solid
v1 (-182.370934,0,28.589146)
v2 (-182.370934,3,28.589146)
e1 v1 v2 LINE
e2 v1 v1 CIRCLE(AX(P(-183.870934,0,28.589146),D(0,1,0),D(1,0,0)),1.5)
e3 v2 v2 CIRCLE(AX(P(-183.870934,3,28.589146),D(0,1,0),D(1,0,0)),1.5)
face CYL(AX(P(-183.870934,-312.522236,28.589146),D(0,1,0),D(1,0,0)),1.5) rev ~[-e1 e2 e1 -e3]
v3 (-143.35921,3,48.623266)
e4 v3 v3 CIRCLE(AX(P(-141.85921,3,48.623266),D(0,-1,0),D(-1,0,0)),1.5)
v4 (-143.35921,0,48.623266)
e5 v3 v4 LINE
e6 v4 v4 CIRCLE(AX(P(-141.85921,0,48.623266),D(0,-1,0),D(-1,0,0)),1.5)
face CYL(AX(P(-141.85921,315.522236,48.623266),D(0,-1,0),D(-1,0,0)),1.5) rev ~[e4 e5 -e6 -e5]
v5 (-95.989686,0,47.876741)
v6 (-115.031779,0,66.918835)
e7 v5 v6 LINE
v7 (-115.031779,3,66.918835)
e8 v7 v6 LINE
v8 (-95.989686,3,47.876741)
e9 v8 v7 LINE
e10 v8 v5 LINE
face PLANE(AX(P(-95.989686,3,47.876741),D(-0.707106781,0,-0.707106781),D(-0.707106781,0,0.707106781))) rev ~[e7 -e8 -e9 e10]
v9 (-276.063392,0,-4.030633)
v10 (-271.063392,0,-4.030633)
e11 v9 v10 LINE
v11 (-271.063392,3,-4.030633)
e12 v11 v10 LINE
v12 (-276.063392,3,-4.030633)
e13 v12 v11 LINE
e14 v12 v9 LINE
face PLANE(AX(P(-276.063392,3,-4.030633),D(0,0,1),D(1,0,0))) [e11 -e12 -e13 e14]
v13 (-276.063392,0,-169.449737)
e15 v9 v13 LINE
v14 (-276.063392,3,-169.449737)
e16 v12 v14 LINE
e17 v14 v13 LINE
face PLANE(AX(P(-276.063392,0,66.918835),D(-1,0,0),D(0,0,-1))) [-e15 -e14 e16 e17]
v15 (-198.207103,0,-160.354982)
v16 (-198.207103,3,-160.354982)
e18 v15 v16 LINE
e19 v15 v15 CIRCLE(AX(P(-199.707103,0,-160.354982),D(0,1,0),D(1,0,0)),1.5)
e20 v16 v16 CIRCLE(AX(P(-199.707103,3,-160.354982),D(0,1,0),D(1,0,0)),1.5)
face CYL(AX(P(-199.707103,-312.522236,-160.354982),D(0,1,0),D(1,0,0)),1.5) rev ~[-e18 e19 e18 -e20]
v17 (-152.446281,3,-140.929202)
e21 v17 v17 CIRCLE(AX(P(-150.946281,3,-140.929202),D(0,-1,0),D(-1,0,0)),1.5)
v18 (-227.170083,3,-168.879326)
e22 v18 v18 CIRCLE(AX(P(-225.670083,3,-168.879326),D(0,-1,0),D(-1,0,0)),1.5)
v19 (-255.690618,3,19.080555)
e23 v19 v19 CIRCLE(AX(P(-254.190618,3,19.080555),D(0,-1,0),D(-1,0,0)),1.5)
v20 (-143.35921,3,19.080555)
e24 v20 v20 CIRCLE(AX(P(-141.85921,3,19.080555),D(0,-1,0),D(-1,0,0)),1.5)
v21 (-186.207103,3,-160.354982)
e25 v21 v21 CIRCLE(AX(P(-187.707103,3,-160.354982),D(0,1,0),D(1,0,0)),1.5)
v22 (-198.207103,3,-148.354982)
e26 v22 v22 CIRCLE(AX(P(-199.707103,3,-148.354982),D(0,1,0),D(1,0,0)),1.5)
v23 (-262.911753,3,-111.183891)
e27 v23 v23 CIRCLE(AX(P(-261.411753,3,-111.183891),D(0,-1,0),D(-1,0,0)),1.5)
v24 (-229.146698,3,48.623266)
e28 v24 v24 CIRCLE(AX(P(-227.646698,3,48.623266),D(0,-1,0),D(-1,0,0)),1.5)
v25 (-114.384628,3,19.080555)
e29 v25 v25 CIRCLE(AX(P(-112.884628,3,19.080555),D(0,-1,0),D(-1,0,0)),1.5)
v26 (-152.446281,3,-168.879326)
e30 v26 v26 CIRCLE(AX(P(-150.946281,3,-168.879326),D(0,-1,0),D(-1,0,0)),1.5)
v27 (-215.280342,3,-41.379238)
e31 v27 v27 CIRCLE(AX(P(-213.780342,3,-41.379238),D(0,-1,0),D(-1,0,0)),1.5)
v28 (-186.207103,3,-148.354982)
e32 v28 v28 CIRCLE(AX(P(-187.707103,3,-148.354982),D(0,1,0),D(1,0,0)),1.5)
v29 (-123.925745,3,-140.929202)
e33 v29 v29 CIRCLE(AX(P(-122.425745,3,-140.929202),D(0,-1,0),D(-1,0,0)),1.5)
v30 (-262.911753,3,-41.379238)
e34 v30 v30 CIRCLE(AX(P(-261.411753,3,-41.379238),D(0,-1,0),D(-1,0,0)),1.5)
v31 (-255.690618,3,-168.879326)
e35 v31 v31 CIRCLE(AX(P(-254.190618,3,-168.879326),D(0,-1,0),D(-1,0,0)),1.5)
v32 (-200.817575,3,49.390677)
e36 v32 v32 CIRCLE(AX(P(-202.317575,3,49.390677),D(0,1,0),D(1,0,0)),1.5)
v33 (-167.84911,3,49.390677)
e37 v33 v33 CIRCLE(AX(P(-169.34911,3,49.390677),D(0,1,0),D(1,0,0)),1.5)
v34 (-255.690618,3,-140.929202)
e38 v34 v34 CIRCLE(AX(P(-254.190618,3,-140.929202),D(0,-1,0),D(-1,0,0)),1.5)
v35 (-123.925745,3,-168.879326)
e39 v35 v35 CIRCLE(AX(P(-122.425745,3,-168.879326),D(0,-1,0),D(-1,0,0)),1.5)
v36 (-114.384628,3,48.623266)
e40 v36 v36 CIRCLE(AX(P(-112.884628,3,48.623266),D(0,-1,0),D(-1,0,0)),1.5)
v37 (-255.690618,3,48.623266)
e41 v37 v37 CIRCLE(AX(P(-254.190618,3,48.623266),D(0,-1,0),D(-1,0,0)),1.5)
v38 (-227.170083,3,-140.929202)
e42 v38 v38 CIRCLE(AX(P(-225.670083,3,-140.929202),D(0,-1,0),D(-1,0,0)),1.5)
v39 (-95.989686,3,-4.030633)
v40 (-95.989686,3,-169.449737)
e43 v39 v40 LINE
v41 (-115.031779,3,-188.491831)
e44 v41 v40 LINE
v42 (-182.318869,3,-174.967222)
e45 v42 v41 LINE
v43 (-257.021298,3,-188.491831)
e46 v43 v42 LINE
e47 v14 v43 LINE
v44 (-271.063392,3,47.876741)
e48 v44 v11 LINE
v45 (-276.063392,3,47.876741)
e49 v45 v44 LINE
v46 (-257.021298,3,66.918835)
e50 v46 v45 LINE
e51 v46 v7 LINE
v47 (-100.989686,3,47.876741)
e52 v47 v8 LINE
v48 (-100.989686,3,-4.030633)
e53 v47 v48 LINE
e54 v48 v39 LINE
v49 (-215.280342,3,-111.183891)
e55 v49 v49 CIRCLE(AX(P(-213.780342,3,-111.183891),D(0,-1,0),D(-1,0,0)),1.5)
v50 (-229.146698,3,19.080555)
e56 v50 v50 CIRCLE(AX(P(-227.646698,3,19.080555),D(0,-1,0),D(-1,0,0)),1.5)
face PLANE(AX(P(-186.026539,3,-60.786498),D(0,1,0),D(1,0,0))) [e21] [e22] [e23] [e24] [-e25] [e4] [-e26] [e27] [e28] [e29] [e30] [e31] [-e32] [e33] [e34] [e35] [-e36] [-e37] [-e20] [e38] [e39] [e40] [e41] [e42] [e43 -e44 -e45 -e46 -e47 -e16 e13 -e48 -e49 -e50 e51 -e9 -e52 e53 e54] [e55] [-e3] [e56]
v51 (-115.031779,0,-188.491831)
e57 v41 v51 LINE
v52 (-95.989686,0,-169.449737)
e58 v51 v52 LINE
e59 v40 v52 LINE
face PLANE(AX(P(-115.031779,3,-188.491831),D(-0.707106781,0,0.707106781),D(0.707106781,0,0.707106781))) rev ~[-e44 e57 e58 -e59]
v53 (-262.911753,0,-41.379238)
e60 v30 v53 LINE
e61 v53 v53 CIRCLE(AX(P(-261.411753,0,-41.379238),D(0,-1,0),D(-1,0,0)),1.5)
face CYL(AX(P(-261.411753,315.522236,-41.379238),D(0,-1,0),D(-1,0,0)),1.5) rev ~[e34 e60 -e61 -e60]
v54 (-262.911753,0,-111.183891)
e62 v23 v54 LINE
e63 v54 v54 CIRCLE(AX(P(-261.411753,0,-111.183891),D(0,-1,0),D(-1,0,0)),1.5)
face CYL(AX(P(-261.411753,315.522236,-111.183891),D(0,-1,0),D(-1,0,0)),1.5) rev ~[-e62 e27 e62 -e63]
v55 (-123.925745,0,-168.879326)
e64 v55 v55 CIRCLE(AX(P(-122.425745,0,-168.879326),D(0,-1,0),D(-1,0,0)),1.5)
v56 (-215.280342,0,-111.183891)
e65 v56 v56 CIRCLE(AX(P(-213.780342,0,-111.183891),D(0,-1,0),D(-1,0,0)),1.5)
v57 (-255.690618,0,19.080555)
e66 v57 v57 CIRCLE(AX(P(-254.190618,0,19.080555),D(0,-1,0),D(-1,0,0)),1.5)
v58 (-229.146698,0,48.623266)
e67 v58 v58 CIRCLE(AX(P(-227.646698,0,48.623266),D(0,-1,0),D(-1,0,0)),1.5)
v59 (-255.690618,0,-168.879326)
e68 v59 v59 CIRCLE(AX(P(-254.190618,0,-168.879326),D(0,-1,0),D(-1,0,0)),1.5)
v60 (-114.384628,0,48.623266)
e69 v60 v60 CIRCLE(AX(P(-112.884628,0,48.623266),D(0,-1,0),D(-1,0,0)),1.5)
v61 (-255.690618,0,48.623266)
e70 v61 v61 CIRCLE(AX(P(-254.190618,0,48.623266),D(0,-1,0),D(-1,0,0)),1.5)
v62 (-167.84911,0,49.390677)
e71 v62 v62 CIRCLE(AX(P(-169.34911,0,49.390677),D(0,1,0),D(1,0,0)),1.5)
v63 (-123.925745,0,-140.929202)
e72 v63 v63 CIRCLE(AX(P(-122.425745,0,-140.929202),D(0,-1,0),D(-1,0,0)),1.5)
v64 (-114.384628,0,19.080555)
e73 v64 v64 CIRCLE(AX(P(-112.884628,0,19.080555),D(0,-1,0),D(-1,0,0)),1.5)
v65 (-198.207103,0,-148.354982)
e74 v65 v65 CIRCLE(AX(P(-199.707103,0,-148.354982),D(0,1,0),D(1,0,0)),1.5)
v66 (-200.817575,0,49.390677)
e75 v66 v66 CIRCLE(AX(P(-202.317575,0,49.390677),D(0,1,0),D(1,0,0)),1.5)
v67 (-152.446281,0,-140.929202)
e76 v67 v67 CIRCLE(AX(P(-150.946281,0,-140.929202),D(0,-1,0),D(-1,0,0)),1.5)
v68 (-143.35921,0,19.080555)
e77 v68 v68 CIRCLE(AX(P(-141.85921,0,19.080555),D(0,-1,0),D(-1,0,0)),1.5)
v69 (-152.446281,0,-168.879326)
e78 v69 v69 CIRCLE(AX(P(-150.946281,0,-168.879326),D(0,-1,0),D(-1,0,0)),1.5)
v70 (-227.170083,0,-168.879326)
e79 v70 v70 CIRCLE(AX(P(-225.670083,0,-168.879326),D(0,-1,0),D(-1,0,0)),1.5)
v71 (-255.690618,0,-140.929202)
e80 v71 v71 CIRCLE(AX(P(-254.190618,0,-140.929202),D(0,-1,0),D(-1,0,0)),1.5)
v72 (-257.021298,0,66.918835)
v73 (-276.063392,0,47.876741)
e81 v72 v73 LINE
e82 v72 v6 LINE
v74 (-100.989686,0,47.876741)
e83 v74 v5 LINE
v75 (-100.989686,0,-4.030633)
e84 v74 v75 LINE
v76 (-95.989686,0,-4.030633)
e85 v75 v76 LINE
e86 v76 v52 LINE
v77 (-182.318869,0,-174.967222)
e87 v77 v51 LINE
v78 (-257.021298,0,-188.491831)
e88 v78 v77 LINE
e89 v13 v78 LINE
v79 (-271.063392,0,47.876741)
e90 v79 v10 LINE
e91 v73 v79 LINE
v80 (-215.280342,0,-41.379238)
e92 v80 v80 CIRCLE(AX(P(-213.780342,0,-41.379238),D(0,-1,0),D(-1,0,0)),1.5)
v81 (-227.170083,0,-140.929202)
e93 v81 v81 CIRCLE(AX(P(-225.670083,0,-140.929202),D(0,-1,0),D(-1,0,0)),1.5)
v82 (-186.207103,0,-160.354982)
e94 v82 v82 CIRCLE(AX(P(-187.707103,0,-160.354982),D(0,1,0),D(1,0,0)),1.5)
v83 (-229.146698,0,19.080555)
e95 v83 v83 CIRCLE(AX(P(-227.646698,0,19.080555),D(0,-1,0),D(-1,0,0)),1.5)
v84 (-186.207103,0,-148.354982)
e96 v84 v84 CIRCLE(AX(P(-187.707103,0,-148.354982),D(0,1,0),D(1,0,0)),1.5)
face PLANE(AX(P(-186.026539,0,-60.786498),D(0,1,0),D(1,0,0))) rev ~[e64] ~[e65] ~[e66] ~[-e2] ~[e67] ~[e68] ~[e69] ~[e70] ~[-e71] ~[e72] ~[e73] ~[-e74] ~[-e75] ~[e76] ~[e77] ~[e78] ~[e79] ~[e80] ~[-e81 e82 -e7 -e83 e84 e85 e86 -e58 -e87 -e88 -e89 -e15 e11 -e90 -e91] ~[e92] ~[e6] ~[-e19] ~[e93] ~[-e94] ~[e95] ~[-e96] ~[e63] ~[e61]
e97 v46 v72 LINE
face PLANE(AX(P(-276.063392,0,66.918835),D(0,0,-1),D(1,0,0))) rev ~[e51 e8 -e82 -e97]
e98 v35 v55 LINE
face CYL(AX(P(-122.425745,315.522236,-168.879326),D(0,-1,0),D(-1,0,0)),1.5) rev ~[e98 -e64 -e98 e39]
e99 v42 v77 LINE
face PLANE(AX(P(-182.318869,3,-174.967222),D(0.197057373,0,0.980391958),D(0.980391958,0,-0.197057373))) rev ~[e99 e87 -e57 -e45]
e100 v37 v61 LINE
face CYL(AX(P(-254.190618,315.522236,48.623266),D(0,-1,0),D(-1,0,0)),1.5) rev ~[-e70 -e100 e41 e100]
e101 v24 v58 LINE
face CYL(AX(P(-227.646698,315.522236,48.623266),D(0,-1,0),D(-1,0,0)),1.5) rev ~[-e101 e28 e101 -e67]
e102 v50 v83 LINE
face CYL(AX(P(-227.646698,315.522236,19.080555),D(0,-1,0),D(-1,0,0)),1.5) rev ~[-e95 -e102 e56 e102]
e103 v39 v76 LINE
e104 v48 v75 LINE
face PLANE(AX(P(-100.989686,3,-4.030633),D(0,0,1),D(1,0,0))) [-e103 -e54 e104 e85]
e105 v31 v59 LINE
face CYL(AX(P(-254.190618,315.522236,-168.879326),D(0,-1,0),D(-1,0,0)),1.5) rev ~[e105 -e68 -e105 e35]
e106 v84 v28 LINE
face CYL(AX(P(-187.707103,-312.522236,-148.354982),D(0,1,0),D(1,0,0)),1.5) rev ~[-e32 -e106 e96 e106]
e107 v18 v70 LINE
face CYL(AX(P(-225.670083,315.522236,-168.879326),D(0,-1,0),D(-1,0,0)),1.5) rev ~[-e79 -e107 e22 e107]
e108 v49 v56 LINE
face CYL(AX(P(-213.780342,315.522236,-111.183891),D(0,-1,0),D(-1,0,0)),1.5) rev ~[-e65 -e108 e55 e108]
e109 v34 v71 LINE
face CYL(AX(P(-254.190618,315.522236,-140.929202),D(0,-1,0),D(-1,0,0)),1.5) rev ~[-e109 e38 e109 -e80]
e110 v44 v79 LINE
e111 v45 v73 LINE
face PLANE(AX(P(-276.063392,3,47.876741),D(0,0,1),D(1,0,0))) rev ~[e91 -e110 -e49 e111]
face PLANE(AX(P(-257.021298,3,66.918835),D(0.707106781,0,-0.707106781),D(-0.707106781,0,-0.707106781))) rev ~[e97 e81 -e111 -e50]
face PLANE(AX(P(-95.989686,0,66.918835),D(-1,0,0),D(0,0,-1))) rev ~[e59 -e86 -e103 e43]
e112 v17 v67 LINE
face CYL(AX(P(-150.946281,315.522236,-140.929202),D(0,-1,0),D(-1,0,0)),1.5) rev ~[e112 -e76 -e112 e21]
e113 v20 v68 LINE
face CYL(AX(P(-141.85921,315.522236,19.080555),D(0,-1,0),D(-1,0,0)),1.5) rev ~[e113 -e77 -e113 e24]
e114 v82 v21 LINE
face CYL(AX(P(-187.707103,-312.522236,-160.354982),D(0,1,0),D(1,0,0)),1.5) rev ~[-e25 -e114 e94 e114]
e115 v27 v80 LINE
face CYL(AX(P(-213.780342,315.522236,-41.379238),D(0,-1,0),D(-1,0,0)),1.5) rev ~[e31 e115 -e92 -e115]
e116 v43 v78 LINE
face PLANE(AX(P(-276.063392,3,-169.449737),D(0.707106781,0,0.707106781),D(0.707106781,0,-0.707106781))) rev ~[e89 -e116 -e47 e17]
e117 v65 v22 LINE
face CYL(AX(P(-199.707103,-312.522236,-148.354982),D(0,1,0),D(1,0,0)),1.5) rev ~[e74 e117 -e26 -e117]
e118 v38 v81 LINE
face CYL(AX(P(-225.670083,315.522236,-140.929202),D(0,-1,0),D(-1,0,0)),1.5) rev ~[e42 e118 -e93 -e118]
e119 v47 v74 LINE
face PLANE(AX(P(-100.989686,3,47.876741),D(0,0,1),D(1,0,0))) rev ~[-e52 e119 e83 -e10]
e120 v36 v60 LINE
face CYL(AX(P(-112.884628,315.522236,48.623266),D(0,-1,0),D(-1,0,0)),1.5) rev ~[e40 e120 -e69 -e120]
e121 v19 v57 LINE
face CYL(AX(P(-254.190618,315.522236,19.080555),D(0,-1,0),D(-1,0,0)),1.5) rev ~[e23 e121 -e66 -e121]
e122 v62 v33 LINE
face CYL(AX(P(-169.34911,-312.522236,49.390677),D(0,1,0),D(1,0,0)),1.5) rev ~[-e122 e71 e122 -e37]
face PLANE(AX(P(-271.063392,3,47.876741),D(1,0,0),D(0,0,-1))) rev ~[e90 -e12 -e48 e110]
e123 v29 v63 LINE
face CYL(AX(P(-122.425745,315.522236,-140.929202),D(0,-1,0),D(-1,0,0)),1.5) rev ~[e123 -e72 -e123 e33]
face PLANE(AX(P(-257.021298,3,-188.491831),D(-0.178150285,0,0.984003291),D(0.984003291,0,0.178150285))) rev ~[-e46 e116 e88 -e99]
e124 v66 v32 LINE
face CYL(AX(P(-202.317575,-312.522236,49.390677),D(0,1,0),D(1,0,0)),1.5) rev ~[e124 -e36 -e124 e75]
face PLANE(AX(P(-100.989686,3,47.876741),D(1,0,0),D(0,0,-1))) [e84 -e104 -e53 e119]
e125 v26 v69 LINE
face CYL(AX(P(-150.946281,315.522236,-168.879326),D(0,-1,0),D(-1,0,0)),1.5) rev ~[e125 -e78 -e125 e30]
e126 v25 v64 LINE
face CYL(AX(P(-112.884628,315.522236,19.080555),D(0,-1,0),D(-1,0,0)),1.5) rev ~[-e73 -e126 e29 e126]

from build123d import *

# Parameters (mm, degrees)
SKETCH_2_W          = 180.073706553
SKETCH_2_H          = 255.410665416
EXTRUDE_1_DEPTH     = 3
CUT_EXTRUDE_1_DEPTH = 3
SKETCH_5_W          = 5
SKETCH_5_H          = 51.907374001
CUT_EXTRUDE_2_DEPTH = 3
MM_TRANSITIONAL_1_D = 3
MM_TRANSITIONAL_2_D = 3
MM_1_D              = 3
MM_2_D              = 3
MM_3_D              = 3


with BuildPart() as part:
    # 草图2 → 凸台-拉伸1 (new body)
    with BuildSketch(Plane(origin=(0, 0, 0), x_dir=(1, 0, 0), z_dir=(0, 1, 0))):
        with Locations((-186.026538889, 60.786498031)):
            Rectangle(SKETCH_2_W, SKETCH_2_H)
    extrude(amount=EXTRUDE_1_DEPTH)

    # 草图4 → 切除-拉伸1 (cut)
    with BuildSketch(Plane(origin=(0, 3, 0), x_dir=(1, 0, 0), z_dir=(0, 1, 0))):
        Polygon((-276.063392165, 188.491830739), (-276.063392165, 169.449737011), (-257.021298437, 188.491830739), align=None)
        Polygon((-182.318869317, 174.967222445), (-115.03177934, 188.491830739), (-257.021298437, 188.491830739), align=None)
        Polygon((-95.989685612, -66.918834677), (-95.989685612, -47.876740949), (-115.03177934, -66.918834677), align=None)
        Polygon((-101.507171046, 174.967222445), (-95.989685612, 169.449737011), (-95.989685612, 188.491830739), (-115.03177934, 188.491830739), align=None)
        Polygon((-276.063392165, -66.918834677), (-257.021298437, -66.918834677), (-276.063392165, -47.876740949), align=None)
    extrude(amount=-CUT_EXTRUDE_1_DEPTH, mode=Mode.SUBTRACT)

    # 草图5 → 切除-拉伸2 (cut)
    with BuildSketch(Plane(origin=(0, 3, 0), x_dir=(1, 0, 0), z_dir=(0, 1, 0))):
        with Locations((-273.563392165, -21.923053949)):
            Rectangle(SKETCH_5_W, SKETCH_5_H)
        with Locations((-98.489685612, -21.923053949)):
            Rectangle(SKETCH_5_W, SKETCH_5_H)
    extrude(amount=-CUT_EXTRUDE_2_DEPTH, mode=Mode.SUBTRACT)

    # 大小mm Transitional 暗销孔1 (through all)
    with Locations(Plane(origin=(0, 3, 0), x_dir=(1, 0, 0), z_dir=(0, 1, 0))):
        with Locations((-254.190617934, 168.879326308), (-254.190617934, 140.929201846), (-225.670082768, 168.879326308), (-225.670082768, 140.929201846), (-150.946280635, 168.879326308), (-150.946280635, 140.929201846)):
            Hole(MM_TRANSITIONAL_1_D / 2)

    # 大小mm Transitional 暗销孔2 (through all)
    with Locations(Plane(origin=(0, 3, 0), x_dir=(1, 0, 0), z_dir=(0, 1, 0))):
        with Locations((-122.425745469, 168.879326308), (-122.425745469, 140.929201846), (-254.190617934, -19.080554812), (-254.190617934, -48.623265957), (-227.646698458, -19.080554812), (-227.646698458, -48.623265957), (-141.859210323, -19.080554812), (-141.859210323, -48.623265957), (-112.884628238, -19.080554812), (-112.884628238, -48.623265957)):
            Hole(MM_TRANSITIONAL_2_D / 2)

    # 大小mm 暗销孔1 (through all)
    with Locations(Plane(origin=(0, 3, 0), x_dir=(1, 0, 0), z_dir=(0, 1, 0))):
        with Locations((-261.411752565, 111.183890873), (-261.411752565, 41.379238152), (-213.780342473, 41.379238152), (-213.780342473, 111.183890873)):
            Hole(MM_1_D / 2)

    # 大小mm 暗销孔2 (through all)
    with Locations(Plane(origin=(0, 0, 0), x_dir=(-1, 0, 0), z_dir=(0, -1, 0))):
        with Locations((202.317574636, -49.390676976), (169.34910988, -49.390676976), (183.870933642, -28.589145642)):
            Hole(MM_2_D / 2)

    # 大小mm 暗销孔3 (through all)
    with Locations(Plane(origin=(0, 0, 0), x_dir=(-1, 0, 0), z_dir=(0, -1, 0))):
        with Locations((199.707102637, 148.354982104), (187.707102637, 148.354982104), (199.707102637, 160.354982104), (187.707102637, 160.354982104)):
            Hole(MM_3_D / 2)


solid = part.part
